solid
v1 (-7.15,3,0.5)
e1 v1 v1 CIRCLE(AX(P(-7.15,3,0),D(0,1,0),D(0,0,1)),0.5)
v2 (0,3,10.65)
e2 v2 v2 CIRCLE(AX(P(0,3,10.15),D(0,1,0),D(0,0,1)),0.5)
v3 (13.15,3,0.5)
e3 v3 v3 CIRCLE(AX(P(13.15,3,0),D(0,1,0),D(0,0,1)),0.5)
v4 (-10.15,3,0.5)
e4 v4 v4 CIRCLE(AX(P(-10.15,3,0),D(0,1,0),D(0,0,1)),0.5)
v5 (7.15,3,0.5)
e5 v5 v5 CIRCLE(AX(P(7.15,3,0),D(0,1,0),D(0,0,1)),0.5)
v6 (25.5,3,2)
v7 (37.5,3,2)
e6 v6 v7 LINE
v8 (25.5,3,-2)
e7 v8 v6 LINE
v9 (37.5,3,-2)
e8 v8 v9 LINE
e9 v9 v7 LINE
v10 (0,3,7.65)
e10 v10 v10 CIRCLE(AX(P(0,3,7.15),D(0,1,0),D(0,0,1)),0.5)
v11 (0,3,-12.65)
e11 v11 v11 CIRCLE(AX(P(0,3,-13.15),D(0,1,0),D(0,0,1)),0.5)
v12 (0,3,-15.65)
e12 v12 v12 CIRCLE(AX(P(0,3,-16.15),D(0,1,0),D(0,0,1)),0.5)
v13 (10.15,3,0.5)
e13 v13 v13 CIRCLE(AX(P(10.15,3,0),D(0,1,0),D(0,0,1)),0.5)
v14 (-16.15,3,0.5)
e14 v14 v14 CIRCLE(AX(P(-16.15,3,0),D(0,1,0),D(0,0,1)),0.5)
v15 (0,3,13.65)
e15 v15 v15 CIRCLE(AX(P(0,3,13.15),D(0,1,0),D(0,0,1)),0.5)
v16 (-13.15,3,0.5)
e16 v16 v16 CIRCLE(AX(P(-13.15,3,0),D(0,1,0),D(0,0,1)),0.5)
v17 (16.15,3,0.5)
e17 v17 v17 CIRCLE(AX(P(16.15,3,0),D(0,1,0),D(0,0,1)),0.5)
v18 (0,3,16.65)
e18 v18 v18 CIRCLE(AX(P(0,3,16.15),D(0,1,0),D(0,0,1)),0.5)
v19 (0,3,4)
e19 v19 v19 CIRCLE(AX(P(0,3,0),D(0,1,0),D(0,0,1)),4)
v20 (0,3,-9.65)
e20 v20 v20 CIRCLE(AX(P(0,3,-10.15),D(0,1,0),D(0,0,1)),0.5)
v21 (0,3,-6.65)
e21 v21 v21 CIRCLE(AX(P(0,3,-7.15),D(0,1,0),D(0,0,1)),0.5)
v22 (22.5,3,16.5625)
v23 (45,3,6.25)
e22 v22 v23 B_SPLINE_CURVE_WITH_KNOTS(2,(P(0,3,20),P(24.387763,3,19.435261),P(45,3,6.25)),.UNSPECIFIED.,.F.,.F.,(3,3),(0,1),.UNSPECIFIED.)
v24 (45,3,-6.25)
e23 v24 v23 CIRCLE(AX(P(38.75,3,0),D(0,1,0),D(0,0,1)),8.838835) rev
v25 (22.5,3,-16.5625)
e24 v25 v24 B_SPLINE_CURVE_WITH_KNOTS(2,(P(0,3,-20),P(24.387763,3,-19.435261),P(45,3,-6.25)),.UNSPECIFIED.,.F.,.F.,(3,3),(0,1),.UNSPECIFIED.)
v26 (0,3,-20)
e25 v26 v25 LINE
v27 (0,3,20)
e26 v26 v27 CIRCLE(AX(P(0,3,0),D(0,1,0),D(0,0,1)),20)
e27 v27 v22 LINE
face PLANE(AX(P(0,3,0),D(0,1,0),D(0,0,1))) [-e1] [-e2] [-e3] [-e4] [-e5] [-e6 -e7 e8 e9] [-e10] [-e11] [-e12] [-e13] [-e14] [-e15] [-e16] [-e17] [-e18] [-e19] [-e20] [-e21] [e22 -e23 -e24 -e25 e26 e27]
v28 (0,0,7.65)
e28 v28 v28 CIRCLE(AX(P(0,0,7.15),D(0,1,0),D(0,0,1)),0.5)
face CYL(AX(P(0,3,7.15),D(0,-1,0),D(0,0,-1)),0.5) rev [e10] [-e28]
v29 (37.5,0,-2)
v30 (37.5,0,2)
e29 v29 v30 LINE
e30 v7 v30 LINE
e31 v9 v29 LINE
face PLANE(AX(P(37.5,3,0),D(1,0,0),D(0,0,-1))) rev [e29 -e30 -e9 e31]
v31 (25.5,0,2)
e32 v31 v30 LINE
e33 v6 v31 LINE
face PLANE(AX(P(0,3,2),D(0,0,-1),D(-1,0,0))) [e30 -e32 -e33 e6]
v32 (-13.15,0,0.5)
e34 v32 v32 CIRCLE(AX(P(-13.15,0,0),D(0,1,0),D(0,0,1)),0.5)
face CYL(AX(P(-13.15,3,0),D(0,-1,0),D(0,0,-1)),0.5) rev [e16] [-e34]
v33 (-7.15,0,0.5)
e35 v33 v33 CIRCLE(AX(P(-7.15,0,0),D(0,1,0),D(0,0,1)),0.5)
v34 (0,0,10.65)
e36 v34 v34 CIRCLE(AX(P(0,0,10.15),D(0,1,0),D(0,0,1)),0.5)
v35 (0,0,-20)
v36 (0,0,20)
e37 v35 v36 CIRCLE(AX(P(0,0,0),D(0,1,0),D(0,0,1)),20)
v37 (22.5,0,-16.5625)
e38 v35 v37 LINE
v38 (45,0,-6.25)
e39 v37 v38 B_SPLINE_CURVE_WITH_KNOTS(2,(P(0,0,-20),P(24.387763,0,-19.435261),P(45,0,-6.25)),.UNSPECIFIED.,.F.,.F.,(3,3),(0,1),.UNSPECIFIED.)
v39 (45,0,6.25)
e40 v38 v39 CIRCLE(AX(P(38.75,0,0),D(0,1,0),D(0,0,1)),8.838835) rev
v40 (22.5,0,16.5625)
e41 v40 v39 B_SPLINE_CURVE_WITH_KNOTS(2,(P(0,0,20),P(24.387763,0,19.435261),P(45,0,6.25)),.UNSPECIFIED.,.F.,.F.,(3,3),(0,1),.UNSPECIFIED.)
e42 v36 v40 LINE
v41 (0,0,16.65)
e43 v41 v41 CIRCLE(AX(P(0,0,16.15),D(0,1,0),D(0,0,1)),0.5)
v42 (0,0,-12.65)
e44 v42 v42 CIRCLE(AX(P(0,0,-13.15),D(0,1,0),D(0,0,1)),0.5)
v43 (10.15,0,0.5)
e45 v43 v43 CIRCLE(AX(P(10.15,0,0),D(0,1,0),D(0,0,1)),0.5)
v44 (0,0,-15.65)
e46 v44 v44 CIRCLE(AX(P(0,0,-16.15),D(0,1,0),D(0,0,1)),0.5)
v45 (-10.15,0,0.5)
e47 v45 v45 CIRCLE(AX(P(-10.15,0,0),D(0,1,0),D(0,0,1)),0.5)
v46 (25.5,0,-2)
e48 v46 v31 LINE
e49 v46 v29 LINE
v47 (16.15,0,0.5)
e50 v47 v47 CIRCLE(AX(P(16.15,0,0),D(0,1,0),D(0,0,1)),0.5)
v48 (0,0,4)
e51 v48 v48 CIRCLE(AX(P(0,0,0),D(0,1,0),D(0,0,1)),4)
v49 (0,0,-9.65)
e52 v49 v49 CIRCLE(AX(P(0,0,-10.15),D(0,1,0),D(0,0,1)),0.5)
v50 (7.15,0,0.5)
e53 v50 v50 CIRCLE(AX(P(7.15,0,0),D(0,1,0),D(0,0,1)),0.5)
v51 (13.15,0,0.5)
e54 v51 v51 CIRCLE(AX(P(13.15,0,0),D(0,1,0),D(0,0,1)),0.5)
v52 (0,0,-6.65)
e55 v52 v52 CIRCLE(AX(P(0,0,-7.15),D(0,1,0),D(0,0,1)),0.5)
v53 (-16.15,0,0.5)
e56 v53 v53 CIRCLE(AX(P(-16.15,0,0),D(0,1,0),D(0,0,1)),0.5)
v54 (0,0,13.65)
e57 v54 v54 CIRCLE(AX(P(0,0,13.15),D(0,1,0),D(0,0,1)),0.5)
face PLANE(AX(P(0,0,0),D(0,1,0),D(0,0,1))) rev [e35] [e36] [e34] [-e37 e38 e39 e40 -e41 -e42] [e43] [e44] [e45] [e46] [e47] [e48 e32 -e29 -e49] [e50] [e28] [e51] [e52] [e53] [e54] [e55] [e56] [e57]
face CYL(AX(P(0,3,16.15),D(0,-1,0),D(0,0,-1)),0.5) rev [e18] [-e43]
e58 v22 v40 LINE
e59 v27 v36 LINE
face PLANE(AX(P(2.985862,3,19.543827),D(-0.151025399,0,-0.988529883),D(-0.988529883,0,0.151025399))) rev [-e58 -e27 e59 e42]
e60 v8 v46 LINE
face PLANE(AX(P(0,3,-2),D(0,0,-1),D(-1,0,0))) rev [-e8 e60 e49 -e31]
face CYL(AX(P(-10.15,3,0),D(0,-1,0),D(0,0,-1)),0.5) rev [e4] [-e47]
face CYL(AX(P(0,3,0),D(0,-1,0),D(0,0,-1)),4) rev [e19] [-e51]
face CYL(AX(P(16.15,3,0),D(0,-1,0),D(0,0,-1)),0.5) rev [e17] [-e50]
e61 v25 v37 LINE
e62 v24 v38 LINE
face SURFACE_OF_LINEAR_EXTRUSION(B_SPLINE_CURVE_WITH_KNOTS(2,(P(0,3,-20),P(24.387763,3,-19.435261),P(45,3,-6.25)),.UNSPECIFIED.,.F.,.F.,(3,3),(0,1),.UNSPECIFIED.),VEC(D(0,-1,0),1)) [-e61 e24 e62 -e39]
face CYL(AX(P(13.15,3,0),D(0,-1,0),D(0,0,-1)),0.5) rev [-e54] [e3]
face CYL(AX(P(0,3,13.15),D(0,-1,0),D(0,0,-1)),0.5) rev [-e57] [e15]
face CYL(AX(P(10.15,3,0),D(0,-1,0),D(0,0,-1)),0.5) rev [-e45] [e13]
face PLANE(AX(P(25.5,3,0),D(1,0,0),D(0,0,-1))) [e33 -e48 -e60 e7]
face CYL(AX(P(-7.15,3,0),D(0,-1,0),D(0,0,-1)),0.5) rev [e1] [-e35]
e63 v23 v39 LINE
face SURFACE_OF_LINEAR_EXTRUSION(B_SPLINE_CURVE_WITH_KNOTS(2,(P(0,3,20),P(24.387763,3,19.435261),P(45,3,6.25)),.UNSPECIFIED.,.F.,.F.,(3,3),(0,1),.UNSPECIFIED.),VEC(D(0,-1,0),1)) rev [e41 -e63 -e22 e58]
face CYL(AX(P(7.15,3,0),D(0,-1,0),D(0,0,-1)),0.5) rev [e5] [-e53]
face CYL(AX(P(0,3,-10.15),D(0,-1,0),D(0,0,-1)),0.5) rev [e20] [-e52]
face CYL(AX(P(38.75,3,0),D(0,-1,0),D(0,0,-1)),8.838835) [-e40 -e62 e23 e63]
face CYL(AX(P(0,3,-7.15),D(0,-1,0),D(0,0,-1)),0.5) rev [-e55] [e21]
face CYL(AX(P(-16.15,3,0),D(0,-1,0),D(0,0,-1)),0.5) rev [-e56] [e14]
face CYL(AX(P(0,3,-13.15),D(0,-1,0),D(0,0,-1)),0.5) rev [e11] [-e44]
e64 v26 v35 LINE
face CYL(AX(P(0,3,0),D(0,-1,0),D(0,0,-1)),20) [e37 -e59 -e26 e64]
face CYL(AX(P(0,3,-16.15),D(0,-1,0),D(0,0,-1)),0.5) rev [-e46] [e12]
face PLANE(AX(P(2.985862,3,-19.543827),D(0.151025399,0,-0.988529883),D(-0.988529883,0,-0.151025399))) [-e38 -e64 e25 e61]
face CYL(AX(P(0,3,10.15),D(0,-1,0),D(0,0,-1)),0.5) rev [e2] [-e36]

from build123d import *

# Parameters (mm, degrees)
SKETCH1_R           = 0.5
SKETCH1_R_2         = 4
SKETCH1_W           = 12
SKETCH1_H           = 4
BOSS_EXTRUDE1_DEPTH = 3


with BuildPart() as part:
    # Sketch1 → Boss-Extrude1 (new body)
    with BuildSketch(Plane(origin=(0, 0, 0), x_dir=(1, 0, 0), z_dir=(0, 1, 0))):
        with BuildLine():
            add(Edge.make_bspline(
                [(22.5, -16.5625), (34.262295129, -13.118708317), (45, -6.25)],
                knots=[0.479061635, 0.479061635, 0.479061635, 1, 1, 1], degree=2))
            ThreePointArc((45, -6.25), (47.588834765, 0), (45, 6.25))
            add(Edge.make_bspline(
                [(22.5, 16.5625), (34.262295129, 13.118708317), (45, 6.25)],
                knots=[0.479061635, 0.479061635, 0.479061635, 1, 1, 1], degree=2))
            Line((22.5, 16.5625), (0, 20))
            ThreePointArc((0, 20), (-20, 0), (0, -20))
            Line((0, -20), (22.5, -16.5625))
        make_face()
        with Locations(Location((0, -16.15, 0), (0, 0, 270))):
            Circle(SKETCH1_R, mode=Mode.SUBTRACT)
        with Locations(Location((0, -13.15, 0), (0, 0, 270))):
            Circle(SKETCH1_R, mode=Mode.SUBTRACT)
        with Locations(Location((0, -10.15, 0), (0, 0, 270))):
            Circle(SKETCH1_R, mode=Mode.SUBTRACT)
        with Locations(Location((-16.15, 0, 0), (0, 0, 270))):
            Circle(SKETCH1_R, mode=Mode.SUBTRACT)
        with BuildLine():
            ThreePointArc((-13.65, 0), (-13.15, 0.5), (-12.65, 0))
            ThreePointArc((-12.65, 0), (-13.15, -0.5), (-13.65, 0))
        make_face(mode=Mode.SUBTRACT)
        with BuildLine():
            ThreePointArc((-10.65, 0), (-10.15, 0.5), (-9.65, 0))
            ThreePointArc((-9.65, 0), (-10.15, -0.5), (-10.65, 0))
        make_face(mode=Mode.SUBTRACT)
        with BuildLine():
            ThreePointArc((-7.65, 0), (-7.15, 0.5), (-6.65, 0))
            ThreePointArc((-6.65, 0), (-7.15, -0.5), (-7.65, 0))
        make_face(mode=Mode.SUBTRACT)
        with Locations(Location((0, -7.15, 0), (0, 0, 270))):
            Circle(SKETCH1_R, mode=Mode.SUBTRACT)
        with Locations(Location((0, 0, 0), (0, 0, 270))):
            Circle(SKETCH1_R_2, mode=Mode.SUBTRACT)
        with Locations(Location((7.15, 0, 0), (0, 0, 270))):
            Circle(SKETCH1_R, mode=Mode.SUBTRACT)
        with Locations(Location((10.15, 0, 0), (0, 0, 270))):
            Circle(SKETCH1_R, mode=Mode.SUBTRACT)
        with Locations(Location((13.15, 0, 0), (0, 0, 270))):
            Circle(SKETCH1_R, mode=Mode.SUBTRACT)
        with Locations(Location((16.15, 0, 0), (0, 0, 270))):
            Circle(SKETCH1_R, mode=Mode.SUBTRACT)
        with Locations(Location((0, 7.15, 0), (0, 0, 270))):
            Circle(SKETCH1_R, mode=Mode.SUBTRACT)
        with Locations(Location((0, 10.15, 0), (0, 0, 270))):
            Circle(SKETCH1_R, mode=Mode.SUBTRACT)
        with Locations(Location((0, 13.15, 0), (0, 0, 270))):
            Circle(SKETCH1_R, mode=Mode.SUBTRACT)
        with Locations(Location((0, 16.15, 0), (0, 0, 270))):
            Circle(SKETCH1_R, mode=Mode.SUBTRACT)
        with Locations((31.5, 0)):
            Rectangle(SKETCH1_W, SKETCH1_H, mode=Mode.SUBTRACT)
    extrude(amount=BOSS_EXTRUDE1_DEPTH)


solid = part.part
